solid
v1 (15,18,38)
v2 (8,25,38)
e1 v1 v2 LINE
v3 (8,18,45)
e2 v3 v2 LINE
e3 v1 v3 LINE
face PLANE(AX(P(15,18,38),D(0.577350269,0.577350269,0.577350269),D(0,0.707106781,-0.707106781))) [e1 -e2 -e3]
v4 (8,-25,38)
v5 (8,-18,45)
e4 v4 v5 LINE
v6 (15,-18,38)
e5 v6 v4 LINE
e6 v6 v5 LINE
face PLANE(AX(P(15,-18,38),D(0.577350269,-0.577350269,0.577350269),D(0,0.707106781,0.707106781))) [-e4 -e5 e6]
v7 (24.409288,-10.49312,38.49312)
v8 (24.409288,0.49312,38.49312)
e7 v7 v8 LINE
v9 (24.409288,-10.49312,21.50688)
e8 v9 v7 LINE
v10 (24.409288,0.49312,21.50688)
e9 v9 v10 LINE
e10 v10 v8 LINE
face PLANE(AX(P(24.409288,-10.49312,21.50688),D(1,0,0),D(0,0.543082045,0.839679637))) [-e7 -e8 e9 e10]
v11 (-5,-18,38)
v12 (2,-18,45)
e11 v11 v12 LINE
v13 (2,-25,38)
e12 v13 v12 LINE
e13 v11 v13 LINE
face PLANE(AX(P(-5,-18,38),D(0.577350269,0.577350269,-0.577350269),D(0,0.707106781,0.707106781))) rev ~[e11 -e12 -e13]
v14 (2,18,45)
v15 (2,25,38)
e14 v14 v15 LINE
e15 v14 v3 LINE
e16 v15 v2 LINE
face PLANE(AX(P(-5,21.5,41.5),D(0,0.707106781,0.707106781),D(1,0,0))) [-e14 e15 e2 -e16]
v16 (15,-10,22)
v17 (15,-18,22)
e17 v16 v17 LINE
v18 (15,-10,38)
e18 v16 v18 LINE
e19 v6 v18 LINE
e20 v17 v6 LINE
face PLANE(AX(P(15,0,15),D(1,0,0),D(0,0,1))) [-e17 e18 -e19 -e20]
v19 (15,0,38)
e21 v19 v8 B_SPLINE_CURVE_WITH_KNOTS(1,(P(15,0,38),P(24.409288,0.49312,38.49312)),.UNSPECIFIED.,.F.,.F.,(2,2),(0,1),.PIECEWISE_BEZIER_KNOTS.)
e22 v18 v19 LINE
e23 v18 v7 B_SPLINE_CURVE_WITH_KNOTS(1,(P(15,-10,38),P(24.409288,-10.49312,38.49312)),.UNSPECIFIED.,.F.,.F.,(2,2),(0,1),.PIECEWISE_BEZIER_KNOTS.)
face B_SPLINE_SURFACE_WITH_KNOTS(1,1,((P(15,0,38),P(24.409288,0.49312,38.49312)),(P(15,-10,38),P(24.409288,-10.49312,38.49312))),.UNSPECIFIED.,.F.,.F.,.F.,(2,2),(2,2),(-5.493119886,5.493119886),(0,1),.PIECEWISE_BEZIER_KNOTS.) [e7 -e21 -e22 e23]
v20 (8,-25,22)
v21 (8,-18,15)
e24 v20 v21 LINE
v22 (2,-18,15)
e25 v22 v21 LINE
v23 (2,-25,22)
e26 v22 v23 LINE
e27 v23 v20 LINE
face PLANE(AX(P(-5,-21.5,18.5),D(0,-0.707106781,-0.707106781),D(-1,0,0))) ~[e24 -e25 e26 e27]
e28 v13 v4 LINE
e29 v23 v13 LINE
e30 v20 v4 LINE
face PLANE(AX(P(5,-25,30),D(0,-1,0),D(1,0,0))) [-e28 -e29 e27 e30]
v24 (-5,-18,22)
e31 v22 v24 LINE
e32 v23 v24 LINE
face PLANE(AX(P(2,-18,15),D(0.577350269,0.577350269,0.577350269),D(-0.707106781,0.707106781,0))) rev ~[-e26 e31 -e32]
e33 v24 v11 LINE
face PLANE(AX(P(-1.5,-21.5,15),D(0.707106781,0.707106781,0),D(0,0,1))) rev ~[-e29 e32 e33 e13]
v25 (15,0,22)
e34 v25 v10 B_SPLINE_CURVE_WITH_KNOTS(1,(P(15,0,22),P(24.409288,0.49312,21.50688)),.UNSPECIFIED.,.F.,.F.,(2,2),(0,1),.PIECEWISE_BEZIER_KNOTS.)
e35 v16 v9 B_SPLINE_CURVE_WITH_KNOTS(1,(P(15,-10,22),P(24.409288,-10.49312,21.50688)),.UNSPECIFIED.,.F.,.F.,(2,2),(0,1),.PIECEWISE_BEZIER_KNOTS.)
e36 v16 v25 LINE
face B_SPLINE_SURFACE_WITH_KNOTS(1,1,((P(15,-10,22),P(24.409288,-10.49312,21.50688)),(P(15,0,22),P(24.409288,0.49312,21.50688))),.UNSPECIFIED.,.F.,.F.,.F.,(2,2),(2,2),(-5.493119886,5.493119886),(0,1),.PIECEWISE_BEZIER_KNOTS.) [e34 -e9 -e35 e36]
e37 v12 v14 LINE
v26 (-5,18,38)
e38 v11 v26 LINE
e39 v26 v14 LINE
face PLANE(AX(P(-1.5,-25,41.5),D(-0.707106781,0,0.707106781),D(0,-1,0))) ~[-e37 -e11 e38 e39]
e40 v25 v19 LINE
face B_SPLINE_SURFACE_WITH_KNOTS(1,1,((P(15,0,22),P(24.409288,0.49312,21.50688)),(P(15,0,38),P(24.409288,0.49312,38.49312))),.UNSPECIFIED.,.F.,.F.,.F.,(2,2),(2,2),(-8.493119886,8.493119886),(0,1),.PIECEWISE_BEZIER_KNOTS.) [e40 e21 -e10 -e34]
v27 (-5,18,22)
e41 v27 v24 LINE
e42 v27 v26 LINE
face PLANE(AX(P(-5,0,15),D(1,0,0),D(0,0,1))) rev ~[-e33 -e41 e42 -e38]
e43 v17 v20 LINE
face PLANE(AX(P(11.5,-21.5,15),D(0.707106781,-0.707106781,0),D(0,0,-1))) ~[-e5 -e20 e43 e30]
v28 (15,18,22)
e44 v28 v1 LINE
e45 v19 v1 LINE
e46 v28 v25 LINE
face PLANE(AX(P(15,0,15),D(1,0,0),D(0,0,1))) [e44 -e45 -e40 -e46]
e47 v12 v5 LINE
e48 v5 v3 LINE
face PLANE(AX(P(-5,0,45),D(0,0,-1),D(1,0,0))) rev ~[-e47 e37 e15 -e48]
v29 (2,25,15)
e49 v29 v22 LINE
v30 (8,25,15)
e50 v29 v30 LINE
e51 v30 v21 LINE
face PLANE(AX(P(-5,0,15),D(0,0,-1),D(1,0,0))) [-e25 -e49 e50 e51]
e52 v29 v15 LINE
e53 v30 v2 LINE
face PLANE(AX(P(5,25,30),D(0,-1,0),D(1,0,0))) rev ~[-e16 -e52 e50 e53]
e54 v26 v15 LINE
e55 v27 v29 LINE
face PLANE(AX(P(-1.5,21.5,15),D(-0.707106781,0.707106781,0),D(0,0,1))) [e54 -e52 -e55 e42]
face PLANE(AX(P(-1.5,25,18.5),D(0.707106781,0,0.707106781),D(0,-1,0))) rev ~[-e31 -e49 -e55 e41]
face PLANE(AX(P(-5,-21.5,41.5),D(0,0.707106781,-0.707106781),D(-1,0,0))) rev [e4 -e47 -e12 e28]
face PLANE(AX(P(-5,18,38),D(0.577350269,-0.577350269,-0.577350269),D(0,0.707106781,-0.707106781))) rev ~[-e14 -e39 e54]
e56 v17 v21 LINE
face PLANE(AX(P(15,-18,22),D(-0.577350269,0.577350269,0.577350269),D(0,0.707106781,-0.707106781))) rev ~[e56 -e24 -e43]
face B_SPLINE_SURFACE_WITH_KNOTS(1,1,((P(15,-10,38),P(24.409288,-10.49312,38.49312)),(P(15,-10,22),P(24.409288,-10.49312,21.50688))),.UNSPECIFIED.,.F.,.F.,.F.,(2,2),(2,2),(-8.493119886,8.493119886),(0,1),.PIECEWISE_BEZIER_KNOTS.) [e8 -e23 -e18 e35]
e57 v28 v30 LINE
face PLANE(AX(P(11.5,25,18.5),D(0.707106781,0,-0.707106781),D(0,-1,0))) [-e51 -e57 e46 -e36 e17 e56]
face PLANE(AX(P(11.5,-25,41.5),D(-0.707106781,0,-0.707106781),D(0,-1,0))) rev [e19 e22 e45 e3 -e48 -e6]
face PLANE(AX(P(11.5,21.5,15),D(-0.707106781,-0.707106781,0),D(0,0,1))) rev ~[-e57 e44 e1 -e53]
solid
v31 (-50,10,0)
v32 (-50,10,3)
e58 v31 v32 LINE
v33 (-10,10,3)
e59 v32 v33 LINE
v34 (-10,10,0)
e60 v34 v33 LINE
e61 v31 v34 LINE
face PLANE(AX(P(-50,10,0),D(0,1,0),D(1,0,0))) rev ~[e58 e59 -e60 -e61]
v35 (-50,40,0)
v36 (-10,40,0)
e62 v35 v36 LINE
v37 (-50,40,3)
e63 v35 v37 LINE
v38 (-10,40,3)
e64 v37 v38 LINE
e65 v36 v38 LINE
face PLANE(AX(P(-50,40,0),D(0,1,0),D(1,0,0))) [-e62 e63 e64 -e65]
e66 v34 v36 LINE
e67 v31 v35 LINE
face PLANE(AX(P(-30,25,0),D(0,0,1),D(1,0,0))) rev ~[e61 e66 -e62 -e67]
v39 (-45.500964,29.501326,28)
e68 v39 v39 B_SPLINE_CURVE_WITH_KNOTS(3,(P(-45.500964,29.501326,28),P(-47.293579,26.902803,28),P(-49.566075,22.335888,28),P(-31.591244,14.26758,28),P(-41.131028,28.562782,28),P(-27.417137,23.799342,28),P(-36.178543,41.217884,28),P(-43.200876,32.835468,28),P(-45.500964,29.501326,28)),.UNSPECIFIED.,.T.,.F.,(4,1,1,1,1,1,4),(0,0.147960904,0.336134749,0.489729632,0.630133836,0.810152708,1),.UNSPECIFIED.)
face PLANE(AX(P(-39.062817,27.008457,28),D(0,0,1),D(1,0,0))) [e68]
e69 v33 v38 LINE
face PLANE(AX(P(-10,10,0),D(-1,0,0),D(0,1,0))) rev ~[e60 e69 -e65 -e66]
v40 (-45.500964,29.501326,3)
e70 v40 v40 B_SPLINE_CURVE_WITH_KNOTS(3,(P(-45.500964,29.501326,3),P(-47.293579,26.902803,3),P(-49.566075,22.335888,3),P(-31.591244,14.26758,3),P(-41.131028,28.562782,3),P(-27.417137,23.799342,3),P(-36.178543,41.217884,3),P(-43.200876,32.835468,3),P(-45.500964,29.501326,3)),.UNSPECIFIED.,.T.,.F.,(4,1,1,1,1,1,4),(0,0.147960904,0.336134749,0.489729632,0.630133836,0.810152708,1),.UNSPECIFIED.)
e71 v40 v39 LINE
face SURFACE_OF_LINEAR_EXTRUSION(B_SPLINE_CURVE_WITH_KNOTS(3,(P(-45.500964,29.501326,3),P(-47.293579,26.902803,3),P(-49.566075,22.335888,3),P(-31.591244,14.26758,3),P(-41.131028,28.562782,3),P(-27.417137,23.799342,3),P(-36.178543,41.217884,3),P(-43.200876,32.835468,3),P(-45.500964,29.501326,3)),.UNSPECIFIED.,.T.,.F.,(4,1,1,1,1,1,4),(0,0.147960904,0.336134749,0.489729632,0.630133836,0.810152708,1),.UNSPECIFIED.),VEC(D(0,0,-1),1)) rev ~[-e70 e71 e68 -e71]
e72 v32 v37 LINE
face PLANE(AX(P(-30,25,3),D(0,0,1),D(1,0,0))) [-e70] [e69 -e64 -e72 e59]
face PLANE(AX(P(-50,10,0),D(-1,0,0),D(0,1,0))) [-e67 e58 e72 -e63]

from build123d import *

# Parameters (mm, degrees)
F0_W     = 40
F0_H     = 30
F1_DEPTH = 3
F2_W     = 20
F2_H     = 30
F3_DEPTH = 25
F4_SIZE  = 7
F6_DEPTH = 25
F7_W     = 10
F7_H     = 16
F8_DEPTH = 9.4092879444
F8_TAPER = -3


with BuildPart() as f1:
    # F0 (on Top) → F1 (new body)
    with BuildSketch(Plane.XY):
        with Locations((-30, 25)):
            Rectangle(F0_W, F0_H)
    extrude(amount=F1_DEPTH)

    # F5 (on face) → F6 (join)
    with BuildSketch(Plane.XY.offset(3)):
        with BuildLine():
            add(Edge.make_bspline(
                [(-45.5009639263, 29.5013263822), (-47.2935786919, 26.9028030822), (-49.5660748007, 22.3358883557), (-31.5912436874, 14.2675803547), (-41.1310284025, 28.562782317), (-27.4171372754, 23.7993421626), (-36.1785425543, 41.2178835314), (-43.2008762113, 32.8354680137), (-45.5009639263, 29.5013263822)],
                knots=[0, 0, 0, 0, 0.1479609041, 0.3361347491, 0.489729632, 0.6301338361, 0.8101527085, 1, 1, 1, 1], degree=3))
        make_face()
    extrude(amount=F6_DEPTH)


with BuildPart() as f3:
    # F2 (on Front) → F3 (new body, symmetric)
    with BuildSketch(Plane.XZ):
        with Locations((5, 30)):
            Rectangle(F2_W, F2_H)
    extrude(amount=F3_DEPTH, both=True)

    # F4
    f4_edges = [f3.edges().sort_by_distance(p)[0] for p in [
        (5, -25, 45),
        (-5, -25, 30),
        (5, -25, 15),
        (15, -25, 30),
        (5, 25, 45),
        (-5, 0, 45),
        (15, 0, 45),
        (15, 25, 30),
        (15, 0, 15),
        (-5, 25, 30),
        (-5, 0, 15),
    ]]
    chamfer(f4_edges, length=F4_SIZE)

    # F7 (on face) → F8 (join)
    with BuildSketch(Plane.YZ.offset(15)):
        with Locations((-5, 30)):
            Rectangle(F7_W, F7_H)
    extrude(amount=F8_DEPTH, taper=F8_TAPER)


solid = Compound([f1.part, f3.part])
